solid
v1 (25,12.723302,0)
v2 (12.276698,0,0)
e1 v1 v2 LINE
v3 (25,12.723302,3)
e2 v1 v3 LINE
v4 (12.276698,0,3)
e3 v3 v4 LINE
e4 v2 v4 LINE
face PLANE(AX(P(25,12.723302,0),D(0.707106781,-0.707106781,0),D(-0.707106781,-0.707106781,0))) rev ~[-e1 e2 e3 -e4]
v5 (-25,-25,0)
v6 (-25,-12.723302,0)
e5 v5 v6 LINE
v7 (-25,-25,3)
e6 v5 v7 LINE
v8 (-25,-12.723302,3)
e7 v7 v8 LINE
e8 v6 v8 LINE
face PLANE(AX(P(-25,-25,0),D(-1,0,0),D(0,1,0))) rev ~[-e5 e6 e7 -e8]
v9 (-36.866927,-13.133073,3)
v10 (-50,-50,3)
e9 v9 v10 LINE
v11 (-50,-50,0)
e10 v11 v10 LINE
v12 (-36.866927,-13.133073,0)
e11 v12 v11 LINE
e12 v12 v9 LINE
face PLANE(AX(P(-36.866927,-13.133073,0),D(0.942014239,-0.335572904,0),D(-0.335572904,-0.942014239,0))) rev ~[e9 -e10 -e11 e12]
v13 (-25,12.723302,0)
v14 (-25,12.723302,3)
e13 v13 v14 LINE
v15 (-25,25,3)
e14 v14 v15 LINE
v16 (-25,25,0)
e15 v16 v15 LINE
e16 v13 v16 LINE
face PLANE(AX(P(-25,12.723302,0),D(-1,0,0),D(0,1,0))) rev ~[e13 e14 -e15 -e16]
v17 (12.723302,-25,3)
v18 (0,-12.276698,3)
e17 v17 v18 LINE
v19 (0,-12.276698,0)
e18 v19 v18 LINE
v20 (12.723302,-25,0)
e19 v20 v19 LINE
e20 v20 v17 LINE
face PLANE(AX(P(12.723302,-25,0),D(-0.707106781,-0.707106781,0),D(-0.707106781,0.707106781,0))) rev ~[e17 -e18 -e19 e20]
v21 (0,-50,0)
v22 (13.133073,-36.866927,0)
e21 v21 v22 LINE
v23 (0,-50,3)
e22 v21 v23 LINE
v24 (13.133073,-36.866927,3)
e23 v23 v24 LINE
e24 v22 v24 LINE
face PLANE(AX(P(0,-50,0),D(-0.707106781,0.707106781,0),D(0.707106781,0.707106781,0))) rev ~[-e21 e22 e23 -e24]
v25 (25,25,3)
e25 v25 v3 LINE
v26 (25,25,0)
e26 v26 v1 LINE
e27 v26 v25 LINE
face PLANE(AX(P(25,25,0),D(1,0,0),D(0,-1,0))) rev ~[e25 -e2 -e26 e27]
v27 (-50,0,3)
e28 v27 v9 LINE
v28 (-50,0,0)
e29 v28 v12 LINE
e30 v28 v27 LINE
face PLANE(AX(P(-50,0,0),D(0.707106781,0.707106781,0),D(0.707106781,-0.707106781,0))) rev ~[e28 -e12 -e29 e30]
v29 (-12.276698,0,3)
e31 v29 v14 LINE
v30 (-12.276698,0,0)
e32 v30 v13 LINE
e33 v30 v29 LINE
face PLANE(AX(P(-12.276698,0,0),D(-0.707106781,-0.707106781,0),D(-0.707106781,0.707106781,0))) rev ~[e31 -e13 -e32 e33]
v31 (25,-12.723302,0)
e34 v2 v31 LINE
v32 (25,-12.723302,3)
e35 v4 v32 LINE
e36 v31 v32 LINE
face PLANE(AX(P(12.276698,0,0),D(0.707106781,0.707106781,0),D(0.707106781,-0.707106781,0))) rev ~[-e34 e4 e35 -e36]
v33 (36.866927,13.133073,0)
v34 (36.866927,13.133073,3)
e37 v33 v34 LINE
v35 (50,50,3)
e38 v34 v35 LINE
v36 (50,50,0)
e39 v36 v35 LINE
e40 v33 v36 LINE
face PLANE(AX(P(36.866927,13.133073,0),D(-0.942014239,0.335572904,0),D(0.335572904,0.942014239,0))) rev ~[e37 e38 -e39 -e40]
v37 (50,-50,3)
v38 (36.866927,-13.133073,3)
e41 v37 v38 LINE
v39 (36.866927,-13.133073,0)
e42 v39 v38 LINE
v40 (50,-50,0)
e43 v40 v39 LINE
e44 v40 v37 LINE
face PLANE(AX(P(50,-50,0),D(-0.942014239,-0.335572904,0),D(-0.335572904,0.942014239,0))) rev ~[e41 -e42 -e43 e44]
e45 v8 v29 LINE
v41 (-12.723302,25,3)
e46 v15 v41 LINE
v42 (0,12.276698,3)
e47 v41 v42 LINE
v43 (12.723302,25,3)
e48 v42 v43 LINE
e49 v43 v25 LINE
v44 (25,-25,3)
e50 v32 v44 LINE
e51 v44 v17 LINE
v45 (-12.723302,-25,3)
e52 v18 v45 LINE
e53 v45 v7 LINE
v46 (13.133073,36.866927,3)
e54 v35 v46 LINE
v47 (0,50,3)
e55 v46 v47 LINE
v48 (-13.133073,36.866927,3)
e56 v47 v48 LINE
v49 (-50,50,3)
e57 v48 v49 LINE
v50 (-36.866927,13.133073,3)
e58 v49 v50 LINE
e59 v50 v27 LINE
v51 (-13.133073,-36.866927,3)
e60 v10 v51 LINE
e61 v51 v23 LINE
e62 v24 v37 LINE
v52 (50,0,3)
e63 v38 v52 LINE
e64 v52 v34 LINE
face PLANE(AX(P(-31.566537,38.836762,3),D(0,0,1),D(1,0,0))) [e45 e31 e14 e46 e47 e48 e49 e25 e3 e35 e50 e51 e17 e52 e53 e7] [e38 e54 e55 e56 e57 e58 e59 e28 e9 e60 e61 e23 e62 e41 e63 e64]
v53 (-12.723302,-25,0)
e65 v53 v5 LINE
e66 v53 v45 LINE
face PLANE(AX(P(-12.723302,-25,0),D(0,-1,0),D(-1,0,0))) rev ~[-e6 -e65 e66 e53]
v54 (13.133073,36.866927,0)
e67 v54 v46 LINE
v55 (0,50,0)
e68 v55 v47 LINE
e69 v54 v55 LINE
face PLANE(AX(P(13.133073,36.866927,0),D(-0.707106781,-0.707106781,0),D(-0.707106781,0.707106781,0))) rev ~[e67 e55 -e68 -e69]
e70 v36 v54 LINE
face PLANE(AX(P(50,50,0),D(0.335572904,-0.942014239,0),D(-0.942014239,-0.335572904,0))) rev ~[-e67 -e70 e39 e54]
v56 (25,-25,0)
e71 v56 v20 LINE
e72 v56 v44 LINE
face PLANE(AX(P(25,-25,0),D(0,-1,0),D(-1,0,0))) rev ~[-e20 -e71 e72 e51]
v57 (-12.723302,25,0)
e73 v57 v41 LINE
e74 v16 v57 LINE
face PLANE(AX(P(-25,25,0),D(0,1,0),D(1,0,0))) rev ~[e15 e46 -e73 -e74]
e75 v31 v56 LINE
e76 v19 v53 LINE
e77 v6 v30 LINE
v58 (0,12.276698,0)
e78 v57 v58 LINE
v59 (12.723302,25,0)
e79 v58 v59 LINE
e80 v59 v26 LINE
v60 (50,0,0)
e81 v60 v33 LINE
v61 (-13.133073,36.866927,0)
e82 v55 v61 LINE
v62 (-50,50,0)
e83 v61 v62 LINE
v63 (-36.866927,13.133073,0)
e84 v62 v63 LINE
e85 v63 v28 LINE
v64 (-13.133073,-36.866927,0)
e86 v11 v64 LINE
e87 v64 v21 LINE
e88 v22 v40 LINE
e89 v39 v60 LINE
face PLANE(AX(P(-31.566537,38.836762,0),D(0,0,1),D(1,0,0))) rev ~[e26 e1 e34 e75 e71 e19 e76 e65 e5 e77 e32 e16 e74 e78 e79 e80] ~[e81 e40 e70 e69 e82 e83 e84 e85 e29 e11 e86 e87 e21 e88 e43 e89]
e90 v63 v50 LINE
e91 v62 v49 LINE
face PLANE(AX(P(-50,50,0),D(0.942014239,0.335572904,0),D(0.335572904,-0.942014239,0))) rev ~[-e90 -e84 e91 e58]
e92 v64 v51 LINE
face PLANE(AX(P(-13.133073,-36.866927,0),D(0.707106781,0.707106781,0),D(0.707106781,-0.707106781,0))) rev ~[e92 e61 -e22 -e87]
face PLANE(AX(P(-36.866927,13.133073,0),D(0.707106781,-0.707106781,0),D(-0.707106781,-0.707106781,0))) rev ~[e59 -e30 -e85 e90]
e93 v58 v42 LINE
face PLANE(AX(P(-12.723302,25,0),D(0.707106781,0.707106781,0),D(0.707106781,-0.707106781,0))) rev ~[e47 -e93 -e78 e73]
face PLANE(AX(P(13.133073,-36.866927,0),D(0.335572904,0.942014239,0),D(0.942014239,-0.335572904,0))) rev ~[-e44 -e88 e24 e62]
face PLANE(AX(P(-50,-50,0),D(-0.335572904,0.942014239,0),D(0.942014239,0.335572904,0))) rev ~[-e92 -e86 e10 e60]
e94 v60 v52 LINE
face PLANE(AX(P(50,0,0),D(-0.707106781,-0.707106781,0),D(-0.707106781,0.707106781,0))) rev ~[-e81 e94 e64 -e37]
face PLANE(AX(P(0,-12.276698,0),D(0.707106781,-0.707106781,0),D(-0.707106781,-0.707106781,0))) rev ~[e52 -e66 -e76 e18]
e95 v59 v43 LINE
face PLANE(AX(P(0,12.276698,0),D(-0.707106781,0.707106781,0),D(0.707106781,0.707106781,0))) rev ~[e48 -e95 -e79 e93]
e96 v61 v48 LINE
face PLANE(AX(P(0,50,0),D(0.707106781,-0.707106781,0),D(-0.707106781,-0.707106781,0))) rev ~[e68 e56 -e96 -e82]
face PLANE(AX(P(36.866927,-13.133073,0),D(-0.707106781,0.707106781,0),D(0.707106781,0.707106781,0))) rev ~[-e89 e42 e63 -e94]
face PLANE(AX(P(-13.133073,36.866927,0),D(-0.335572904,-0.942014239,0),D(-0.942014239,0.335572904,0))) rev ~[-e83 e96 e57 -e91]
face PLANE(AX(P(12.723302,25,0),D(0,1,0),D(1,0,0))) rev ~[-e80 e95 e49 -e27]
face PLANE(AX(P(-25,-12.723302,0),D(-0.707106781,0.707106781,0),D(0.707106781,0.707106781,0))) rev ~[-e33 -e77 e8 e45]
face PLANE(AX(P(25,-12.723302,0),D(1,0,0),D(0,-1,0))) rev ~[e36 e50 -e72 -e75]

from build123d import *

# Parameters (mm, degrees)
F1_DEPTH = 3


with BuildPart() as f1:
    # F0 (on Top) → F1 (new body)
    with BuildSketch(Plane.XY):
        Polygon((-50, 50), (-25, 25), (-13.133073, 36.866927), align=None)
        Polygon((-36.866927, 13.133073), (-25, 25), (-50, 50), align=None)
        Polygon((-13.133073, 36.866927), (-25, 25), (-12.723302, 25), (-1.266147, 25), align=None)
        Polygon((12.723302, 25), (25, 25), (13.133073, 36.866927), (1.266147, 25), align=None)
        Polygon((25, 25), (50, 50), (13.133073, 36.866927), align=None)
        Polygon((36.866927, 13.133073), (50, 50), (25, 25), align=None)
        Polygon((25, 1.266147), (36.866927, 13.133073), (25, 25), (25, 12.723302), align=None)
        Polygon((12.276698, 0), (25, 0), (25, 1.266147), (25, 12.723302), align=None)
        Polygon((25, -1.266147), (25, 0), (12.276698, 0), (25, -12.723302), align=None)
        Polygon((25, -12.723302), (25, -25), (36.866927, -13.133073), (25, -1.266147), align=None)
        Polygon((25, -25), (50, -50), (36.866927, -13.133073), align=None)
        Polygon((13.133073, -36.866927), (50, -50), (25, -25), align=None)
        Polygon((13.133073, -36.866927), (25, -25), (12.723302, -25), (1.266147, -25), align=None)
        Polygon((-25, -25), (-13.133073, -36.866927), (-1.266147, -25), (-12.723302, -25), align=None)
        Polygon((-1.266147, -25), (0, -25), (0, -12.276698), (-12.723302, -25), align=None)
        Polygon((0, -12.276698), (0, -25), (1.266147, -25), (12.723302, -25), align=None)
        Polygon((-36.866927, -13.133073), (-50, -50), (-25, -25), align=None)
        Polygon((-36.866927, -13.133073), (-25, -25), (-25, -12.723302), (-25, -1.266147), align=None)
        Polygon((-25, -12.723302), (-12.276698, 0), (-25, 0), (-25, -1.266147), align=None)
        Polygon((-25, 0), (-12.276698, 0), (-25, 12.723302), (-25, 1.266147), align=None)
        Polygon((-25, 12.723302), (-25, 25), (-36.866927, 13.133073), (-25, 1.266147), align=None)
        Polygon((-25, -25), (-50, -50), (-13.133073, -36.866927), align=None)
        Polygon((-25, 0), (-50, 0), (-36.866927, -13.133073), (-25, -1.266147), align=None)
        Polygon((-36.866927, 13.133073), (-50, 0), (-25, 0), (-25, 1.266147), align=None)
        Polygon((0, 25), (0, 50), (-13.133073, 36.866927), (-1.266147, 25), align=None)
        Polygon((13.133073, 36.866927), (0, 50), (0, 25), (1.266147, 25), align=None)
        Polygon((25, 0), (50, 0), (36.866927, 13.133073), (25, 1.266147), align=None)
        Polygon((36.866927, -13.133073), (50, 0), (25, 0), (25, -1.266147), align=None)
        Polygon((0, -25), (0, -50), (13.133073, -36.866927), (1.266147, -25), align=None)
        Polygon((-13.133073, -36.866927), (0, -50), (0, -25), (-1.266147, -25), align=None)
        Polygon((-12.723302, 25), (0, 12.276698), (0, 25), (-1.266147, 25), align=None)
        Polygon((0, 25), (0, 12.276698), (12.723302, 25), (1.266147, 25), align=None)
    extrude(amount=F1_DEPTH)


solid = f1.part
